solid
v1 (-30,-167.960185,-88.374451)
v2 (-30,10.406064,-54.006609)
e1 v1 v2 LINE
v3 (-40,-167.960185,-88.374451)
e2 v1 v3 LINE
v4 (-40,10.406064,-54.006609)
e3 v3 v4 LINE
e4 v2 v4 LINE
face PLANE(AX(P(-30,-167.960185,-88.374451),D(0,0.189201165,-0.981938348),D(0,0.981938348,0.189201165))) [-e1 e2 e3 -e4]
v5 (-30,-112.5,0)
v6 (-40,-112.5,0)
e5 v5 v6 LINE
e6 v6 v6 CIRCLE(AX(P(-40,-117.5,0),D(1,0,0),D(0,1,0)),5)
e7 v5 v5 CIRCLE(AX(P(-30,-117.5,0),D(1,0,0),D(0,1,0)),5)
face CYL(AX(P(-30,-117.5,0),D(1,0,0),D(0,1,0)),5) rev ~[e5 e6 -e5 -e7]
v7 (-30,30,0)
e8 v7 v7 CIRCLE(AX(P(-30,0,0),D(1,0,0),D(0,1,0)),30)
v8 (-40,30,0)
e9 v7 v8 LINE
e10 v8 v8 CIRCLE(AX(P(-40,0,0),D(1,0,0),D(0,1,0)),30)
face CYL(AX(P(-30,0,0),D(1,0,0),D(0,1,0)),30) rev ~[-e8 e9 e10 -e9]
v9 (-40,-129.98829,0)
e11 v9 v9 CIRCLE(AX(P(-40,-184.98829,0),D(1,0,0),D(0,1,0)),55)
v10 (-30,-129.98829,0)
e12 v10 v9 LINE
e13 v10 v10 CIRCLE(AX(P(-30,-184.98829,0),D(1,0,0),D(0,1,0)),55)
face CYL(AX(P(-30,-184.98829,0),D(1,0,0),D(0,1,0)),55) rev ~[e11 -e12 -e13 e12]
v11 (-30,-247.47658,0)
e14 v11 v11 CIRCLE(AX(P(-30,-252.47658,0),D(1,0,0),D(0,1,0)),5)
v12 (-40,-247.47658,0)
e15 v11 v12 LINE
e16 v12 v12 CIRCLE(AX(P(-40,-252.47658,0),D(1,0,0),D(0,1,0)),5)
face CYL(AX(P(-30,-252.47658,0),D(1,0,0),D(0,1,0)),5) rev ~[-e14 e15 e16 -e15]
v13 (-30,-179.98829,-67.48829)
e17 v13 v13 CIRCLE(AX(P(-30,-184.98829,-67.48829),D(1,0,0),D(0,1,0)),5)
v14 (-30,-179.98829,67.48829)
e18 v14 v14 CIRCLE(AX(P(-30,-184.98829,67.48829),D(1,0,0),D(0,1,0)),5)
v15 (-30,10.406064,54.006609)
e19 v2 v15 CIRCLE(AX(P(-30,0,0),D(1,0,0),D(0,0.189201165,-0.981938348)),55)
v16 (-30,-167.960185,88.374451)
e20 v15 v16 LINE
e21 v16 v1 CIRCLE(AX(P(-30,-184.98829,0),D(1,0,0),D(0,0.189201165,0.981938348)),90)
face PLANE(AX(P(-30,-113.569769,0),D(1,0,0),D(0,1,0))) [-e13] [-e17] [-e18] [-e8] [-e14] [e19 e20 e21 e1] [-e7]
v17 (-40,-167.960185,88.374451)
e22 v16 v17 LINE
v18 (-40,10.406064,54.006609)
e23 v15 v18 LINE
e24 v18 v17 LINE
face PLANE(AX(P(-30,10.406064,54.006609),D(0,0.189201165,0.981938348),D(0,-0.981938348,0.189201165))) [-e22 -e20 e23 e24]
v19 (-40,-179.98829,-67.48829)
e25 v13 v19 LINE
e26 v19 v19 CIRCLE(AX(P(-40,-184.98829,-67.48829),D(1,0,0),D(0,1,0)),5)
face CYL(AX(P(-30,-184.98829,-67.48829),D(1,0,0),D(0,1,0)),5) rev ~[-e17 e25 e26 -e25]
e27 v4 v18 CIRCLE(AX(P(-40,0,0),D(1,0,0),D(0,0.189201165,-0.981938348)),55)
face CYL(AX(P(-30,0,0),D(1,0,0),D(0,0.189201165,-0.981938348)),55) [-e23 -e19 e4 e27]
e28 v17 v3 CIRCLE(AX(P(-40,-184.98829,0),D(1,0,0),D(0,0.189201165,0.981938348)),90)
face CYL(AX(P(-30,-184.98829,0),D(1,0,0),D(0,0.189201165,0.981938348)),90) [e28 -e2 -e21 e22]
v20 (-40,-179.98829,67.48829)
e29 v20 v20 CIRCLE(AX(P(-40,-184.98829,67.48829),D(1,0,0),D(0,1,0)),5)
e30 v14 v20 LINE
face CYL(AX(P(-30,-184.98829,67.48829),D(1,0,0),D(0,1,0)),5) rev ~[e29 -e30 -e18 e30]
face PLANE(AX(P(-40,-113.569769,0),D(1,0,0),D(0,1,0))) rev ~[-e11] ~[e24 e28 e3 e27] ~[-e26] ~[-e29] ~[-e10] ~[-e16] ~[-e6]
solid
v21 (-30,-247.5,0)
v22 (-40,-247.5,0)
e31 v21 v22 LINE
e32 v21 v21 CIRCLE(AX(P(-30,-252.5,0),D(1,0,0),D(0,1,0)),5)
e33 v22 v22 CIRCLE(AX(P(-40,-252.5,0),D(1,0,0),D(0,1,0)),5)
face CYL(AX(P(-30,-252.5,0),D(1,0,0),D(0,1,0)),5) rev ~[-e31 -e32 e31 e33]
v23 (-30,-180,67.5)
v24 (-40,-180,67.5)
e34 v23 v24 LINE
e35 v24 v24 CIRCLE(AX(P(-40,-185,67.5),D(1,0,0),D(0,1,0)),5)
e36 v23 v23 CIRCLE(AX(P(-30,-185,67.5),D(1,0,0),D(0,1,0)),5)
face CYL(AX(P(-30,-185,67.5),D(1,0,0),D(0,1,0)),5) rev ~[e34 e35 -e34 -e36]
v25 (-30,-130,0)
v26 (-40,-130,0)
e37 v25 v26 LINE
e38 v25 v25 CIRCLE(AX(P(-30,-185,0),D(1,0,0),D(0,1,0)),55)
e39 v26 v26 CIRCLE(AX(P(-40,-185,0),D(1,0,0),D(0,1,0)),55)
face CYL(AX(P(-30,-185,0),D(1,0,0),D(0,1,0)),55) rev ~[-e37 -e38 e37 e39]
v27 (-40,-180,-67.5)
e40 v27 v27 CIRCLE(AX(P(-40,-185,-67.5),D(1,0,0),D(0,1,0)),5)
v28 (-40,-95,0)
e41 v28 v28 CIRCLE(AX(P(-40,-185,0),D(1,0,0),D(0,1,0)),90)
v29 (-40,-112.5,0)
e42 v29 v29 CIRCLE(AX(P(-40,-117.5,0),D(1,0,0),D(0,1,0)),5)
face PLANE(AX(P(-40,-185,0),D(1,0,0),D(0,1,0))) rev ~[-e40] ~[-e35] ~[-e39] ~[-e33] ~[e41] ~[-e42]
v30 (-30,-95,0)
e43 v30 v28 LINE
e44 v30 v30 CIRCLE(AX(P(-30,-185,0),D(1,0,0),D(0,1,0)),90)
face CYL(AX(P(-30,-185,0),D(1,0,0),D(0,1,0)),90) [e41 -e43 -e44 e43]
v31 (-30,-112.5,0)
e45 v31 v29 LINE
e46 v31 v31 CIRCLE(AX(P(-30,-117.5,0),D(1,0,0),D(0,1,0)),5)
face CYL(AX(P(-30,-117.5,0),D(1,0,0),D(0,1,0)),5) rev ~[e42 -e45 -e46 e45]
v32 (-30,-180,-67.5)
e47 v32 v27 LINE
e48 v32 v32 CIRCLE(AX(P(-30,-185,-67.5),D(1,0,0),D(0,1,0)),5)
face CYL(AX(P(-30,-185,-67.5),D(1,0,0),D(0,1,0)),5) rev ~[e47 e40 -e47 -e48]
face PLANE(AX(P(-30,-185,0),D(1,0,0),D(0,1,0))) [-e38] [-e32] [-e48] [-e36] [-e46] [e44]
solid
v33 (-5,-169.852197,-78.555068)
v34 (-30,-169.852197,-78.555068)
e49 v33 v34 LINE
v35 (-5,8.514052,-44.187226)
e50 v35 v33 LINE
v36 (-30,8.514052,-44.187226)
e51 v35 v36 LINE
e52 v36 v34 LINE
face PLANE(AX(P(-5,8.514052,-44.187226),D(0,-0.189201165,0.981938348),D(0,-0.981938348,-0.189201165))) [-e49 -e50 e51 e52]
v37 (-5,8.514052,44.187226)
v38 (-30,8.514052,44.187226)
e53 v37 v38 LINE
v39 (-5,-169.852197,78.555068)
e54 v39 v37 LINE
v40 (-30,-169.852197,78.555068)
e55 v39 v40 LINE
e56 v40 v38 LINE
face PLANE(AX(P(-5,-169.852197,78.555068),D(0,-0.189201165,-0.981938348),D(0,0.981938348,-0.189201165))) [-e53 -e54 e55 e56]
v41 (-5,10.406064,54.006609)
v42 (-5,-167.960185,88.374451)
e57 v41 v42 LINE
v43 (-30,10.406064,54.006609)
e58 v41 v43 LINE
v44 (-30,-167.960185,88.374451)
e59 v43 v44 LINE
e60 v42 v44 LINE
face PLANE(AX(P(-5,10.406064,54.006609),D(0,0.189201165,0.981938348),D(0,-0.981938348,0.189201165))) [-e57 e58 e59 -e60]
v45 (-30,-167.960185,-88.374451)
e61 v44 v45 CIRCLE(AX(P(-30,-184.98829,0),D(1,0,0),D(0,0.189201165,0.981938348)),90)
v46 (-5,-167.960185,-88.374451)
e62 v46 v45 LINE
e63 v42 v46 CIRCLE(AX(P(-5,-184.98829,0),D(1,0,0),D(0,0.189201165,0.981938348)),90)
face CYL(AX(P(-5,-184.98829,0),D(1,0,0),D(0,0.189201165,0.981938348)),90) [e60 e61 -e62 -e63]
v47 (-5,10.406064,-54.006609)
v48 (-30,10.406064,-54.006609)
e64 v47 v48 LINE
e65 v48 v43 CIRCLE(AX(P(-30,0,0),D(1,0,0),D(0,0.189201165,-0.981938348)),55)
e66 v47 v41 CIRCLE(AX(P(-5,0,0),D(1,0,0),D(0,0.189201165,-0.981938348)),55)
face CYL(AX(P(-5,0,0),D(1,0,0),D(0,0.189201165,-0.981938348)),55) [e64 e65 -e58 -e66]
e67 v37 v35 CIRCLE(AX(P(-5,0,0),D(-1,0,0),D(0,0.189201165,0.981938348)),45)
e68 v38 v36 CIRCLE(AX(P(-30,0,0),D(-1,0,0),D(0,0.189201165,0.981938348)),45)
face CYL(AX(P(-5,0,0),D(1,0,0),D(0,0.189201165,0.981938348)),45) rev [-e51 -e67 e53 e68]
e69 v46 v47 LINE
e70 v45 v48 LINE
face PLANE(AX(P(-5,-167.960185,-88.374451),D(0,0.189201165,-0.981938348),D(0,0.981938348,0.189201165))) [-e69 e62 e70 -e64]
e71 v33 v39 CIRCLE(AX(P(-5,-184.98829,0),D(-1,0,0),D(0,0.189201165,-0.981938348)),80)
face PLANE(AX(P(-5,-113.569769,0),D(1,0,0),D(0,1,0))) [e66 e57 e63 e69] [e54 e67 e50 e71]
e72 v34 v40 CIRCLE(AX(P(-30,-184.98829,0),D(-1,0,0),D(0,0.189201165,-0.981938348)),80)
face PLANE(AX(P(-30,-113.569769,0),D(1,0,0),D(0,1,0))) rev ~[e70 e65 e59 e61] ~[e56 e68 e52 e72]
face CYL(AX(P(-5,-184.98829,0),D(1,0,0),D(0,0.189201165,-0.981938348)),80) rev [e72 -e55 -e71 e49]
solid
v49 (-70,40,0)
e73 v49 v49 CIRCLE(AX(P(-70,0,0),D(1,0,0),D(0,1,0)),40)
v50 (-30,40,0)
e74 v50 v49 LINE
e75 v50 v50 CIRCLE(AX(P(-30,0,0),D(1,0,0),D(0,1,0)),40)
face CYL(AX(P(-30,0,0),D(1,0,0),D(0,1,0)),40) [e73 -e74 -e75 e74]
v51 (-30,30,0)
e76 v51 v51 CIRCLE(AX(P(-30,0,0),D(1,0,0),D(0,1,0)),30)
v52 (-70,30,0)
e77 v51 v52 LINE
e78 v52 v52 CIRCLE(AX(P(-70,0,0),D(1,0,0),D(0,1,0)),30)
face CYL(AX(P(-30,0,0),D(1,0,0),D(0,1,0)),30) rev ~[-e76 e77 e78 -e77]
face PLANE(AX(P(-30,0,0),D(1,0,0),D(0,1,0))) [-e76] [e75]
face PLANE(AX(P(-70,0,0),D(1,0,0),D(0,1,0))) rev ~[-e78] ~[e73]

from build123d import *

# Parameters (mm, degrees)
F1_START = -30
F0_R     = 40
F0_R_2   = 30
F1_DEPTH = 40
F2_START = -30
F0_R_3   = 90
F0_R_4   = 5
F0_R_5   = 55
F2_DEPTH = 10
F4_START = -30
F3_R     = 5
F3_R_2   = 55
F3_R_3   = 30
F4_DEPTH = 10
F6_START = -5
F6_DEPTH = 25


with BuildPart() as f1:
    # F0 (on Right) → F1 (new body)
    with BuildSketch(Plane.YZ.offset(F1_START)):
        Circle(F0_R)
        Circle(F0_R_2, mode=Mode.SUBTRACT)
    extrude(amount=-F1_DEPTH)


with BuildPart() as f2:
    # F0 (on Right) → F2 (new body)
    with BuildSketch(Plane.YZ.offset(F2_START)):
        with Locations((-185, 0)):
            Circle(F0_R_3)
        with Locations((-185, -67.5)):
            Circle(F0_R_4, mode=Mode.SUBTRACT)
        with Locations((-252.5, 0)):
            Circle(F0_R_4, mode=Mode.SUBTRACT)
        with Locations((-185, 0)):
            Circle(F0_R_5, mode=Mode.SUBTRACT)
        with Locations((-185, 67.5)):
            Circle(F0_R_4, mode=Mode.SUBTRACT)
        with Locations((-117.5, 0)):
            Circle(F0_R_4, mode=Mode.SUBTRACT)
    extrude(amount=-F2_DEPTH)


with BuildPart() as f4:
    # F3 (on Right) → F4 (new body)
    with BuildSketch(Plane.YZ.offset(F4_START)):
        with BuildLine():
            Line((-167.960185218, -88.3744513143), (10.4060640771, -54.0066091365))
            ThreePointArc((10.4060640771, -54.0066091365), (55, 0), (10.4060640771, 54.0066091365))
            Line((10.4060640771, 54.0066091365), (-167.960185218, 88.3744513143))
            ThreePointArc((-167.960185218, 88.3744513143), (-274.9882900715, 0), (-167.960185218, -88.3744513143))
        make_face()
        with Locations((-184.9882900715, -67.4882900715)):
            Circle(F3_R, mode=Mode.SUBTRACT)
        with Locations((-252.476580143, 0)):
            Circle(F3_R, mode=Mode.SUBTRACT)
        with Locations((-184.9882900715, 0)):
            Circle(F3_R_2, mode=Mode.SUBTRACT)
        with Locations((-117.5, 0)):
            Circle(F3_R, mode=Mode.SUBTRACT)
        with Locations((-184.9882900715, 67.4882900715)):
            Circle(F3_R, mode=Mode.SUBTRACT)
        Circle(F3_R_3, mode=Mode.SUBTRACT)
    extrude(amount=-F4_DEPTH)


with BuildPart() as f6:
    # F5 (on Right) → F6 (new body)
    with BuildSketch(Plane.YZ.offset(F6_START)):
        with BuildLine():
            ThreePointArc((-167.960185218, 88.3744513143), (-274.9882900715, 0), (-167.960185218, -88.3744513143))
            Line((-167.960185218, -88.3744513143), (10.4060640771, -54.0066091365))
            ThreePointArc((10.4060640771, -54.0066091365), (55, 0), (10.4060640771, 54.0066091365))
            Line((10.4060640771, 54.0066091365), (-167.960185218, 88.3744513143))
        make_face()
        with BuildLine():
            Line((8.5140524267, -44.1872256571), (-169.8521968684, -78.5550678349))
            ThreePointArc((-169.8521968684, -78.5550678349), (-264.9882900715, 0), (-169.8521968684, 78.5550678349))
            Line((-169.8521968684, 78.5550678349), (8.5140524267, 44.1872256571))
            ThreePointArc((8.5140524267, 44.1872256571), (45, 0), (8.5140524267, -44.1872256571))
        make_face(mode=Mode.SUBTRACT)
    extrude(amount=-F6_DEPTH)


solid = Compound([f1.part, f2.part, f4.part, f6.part])
